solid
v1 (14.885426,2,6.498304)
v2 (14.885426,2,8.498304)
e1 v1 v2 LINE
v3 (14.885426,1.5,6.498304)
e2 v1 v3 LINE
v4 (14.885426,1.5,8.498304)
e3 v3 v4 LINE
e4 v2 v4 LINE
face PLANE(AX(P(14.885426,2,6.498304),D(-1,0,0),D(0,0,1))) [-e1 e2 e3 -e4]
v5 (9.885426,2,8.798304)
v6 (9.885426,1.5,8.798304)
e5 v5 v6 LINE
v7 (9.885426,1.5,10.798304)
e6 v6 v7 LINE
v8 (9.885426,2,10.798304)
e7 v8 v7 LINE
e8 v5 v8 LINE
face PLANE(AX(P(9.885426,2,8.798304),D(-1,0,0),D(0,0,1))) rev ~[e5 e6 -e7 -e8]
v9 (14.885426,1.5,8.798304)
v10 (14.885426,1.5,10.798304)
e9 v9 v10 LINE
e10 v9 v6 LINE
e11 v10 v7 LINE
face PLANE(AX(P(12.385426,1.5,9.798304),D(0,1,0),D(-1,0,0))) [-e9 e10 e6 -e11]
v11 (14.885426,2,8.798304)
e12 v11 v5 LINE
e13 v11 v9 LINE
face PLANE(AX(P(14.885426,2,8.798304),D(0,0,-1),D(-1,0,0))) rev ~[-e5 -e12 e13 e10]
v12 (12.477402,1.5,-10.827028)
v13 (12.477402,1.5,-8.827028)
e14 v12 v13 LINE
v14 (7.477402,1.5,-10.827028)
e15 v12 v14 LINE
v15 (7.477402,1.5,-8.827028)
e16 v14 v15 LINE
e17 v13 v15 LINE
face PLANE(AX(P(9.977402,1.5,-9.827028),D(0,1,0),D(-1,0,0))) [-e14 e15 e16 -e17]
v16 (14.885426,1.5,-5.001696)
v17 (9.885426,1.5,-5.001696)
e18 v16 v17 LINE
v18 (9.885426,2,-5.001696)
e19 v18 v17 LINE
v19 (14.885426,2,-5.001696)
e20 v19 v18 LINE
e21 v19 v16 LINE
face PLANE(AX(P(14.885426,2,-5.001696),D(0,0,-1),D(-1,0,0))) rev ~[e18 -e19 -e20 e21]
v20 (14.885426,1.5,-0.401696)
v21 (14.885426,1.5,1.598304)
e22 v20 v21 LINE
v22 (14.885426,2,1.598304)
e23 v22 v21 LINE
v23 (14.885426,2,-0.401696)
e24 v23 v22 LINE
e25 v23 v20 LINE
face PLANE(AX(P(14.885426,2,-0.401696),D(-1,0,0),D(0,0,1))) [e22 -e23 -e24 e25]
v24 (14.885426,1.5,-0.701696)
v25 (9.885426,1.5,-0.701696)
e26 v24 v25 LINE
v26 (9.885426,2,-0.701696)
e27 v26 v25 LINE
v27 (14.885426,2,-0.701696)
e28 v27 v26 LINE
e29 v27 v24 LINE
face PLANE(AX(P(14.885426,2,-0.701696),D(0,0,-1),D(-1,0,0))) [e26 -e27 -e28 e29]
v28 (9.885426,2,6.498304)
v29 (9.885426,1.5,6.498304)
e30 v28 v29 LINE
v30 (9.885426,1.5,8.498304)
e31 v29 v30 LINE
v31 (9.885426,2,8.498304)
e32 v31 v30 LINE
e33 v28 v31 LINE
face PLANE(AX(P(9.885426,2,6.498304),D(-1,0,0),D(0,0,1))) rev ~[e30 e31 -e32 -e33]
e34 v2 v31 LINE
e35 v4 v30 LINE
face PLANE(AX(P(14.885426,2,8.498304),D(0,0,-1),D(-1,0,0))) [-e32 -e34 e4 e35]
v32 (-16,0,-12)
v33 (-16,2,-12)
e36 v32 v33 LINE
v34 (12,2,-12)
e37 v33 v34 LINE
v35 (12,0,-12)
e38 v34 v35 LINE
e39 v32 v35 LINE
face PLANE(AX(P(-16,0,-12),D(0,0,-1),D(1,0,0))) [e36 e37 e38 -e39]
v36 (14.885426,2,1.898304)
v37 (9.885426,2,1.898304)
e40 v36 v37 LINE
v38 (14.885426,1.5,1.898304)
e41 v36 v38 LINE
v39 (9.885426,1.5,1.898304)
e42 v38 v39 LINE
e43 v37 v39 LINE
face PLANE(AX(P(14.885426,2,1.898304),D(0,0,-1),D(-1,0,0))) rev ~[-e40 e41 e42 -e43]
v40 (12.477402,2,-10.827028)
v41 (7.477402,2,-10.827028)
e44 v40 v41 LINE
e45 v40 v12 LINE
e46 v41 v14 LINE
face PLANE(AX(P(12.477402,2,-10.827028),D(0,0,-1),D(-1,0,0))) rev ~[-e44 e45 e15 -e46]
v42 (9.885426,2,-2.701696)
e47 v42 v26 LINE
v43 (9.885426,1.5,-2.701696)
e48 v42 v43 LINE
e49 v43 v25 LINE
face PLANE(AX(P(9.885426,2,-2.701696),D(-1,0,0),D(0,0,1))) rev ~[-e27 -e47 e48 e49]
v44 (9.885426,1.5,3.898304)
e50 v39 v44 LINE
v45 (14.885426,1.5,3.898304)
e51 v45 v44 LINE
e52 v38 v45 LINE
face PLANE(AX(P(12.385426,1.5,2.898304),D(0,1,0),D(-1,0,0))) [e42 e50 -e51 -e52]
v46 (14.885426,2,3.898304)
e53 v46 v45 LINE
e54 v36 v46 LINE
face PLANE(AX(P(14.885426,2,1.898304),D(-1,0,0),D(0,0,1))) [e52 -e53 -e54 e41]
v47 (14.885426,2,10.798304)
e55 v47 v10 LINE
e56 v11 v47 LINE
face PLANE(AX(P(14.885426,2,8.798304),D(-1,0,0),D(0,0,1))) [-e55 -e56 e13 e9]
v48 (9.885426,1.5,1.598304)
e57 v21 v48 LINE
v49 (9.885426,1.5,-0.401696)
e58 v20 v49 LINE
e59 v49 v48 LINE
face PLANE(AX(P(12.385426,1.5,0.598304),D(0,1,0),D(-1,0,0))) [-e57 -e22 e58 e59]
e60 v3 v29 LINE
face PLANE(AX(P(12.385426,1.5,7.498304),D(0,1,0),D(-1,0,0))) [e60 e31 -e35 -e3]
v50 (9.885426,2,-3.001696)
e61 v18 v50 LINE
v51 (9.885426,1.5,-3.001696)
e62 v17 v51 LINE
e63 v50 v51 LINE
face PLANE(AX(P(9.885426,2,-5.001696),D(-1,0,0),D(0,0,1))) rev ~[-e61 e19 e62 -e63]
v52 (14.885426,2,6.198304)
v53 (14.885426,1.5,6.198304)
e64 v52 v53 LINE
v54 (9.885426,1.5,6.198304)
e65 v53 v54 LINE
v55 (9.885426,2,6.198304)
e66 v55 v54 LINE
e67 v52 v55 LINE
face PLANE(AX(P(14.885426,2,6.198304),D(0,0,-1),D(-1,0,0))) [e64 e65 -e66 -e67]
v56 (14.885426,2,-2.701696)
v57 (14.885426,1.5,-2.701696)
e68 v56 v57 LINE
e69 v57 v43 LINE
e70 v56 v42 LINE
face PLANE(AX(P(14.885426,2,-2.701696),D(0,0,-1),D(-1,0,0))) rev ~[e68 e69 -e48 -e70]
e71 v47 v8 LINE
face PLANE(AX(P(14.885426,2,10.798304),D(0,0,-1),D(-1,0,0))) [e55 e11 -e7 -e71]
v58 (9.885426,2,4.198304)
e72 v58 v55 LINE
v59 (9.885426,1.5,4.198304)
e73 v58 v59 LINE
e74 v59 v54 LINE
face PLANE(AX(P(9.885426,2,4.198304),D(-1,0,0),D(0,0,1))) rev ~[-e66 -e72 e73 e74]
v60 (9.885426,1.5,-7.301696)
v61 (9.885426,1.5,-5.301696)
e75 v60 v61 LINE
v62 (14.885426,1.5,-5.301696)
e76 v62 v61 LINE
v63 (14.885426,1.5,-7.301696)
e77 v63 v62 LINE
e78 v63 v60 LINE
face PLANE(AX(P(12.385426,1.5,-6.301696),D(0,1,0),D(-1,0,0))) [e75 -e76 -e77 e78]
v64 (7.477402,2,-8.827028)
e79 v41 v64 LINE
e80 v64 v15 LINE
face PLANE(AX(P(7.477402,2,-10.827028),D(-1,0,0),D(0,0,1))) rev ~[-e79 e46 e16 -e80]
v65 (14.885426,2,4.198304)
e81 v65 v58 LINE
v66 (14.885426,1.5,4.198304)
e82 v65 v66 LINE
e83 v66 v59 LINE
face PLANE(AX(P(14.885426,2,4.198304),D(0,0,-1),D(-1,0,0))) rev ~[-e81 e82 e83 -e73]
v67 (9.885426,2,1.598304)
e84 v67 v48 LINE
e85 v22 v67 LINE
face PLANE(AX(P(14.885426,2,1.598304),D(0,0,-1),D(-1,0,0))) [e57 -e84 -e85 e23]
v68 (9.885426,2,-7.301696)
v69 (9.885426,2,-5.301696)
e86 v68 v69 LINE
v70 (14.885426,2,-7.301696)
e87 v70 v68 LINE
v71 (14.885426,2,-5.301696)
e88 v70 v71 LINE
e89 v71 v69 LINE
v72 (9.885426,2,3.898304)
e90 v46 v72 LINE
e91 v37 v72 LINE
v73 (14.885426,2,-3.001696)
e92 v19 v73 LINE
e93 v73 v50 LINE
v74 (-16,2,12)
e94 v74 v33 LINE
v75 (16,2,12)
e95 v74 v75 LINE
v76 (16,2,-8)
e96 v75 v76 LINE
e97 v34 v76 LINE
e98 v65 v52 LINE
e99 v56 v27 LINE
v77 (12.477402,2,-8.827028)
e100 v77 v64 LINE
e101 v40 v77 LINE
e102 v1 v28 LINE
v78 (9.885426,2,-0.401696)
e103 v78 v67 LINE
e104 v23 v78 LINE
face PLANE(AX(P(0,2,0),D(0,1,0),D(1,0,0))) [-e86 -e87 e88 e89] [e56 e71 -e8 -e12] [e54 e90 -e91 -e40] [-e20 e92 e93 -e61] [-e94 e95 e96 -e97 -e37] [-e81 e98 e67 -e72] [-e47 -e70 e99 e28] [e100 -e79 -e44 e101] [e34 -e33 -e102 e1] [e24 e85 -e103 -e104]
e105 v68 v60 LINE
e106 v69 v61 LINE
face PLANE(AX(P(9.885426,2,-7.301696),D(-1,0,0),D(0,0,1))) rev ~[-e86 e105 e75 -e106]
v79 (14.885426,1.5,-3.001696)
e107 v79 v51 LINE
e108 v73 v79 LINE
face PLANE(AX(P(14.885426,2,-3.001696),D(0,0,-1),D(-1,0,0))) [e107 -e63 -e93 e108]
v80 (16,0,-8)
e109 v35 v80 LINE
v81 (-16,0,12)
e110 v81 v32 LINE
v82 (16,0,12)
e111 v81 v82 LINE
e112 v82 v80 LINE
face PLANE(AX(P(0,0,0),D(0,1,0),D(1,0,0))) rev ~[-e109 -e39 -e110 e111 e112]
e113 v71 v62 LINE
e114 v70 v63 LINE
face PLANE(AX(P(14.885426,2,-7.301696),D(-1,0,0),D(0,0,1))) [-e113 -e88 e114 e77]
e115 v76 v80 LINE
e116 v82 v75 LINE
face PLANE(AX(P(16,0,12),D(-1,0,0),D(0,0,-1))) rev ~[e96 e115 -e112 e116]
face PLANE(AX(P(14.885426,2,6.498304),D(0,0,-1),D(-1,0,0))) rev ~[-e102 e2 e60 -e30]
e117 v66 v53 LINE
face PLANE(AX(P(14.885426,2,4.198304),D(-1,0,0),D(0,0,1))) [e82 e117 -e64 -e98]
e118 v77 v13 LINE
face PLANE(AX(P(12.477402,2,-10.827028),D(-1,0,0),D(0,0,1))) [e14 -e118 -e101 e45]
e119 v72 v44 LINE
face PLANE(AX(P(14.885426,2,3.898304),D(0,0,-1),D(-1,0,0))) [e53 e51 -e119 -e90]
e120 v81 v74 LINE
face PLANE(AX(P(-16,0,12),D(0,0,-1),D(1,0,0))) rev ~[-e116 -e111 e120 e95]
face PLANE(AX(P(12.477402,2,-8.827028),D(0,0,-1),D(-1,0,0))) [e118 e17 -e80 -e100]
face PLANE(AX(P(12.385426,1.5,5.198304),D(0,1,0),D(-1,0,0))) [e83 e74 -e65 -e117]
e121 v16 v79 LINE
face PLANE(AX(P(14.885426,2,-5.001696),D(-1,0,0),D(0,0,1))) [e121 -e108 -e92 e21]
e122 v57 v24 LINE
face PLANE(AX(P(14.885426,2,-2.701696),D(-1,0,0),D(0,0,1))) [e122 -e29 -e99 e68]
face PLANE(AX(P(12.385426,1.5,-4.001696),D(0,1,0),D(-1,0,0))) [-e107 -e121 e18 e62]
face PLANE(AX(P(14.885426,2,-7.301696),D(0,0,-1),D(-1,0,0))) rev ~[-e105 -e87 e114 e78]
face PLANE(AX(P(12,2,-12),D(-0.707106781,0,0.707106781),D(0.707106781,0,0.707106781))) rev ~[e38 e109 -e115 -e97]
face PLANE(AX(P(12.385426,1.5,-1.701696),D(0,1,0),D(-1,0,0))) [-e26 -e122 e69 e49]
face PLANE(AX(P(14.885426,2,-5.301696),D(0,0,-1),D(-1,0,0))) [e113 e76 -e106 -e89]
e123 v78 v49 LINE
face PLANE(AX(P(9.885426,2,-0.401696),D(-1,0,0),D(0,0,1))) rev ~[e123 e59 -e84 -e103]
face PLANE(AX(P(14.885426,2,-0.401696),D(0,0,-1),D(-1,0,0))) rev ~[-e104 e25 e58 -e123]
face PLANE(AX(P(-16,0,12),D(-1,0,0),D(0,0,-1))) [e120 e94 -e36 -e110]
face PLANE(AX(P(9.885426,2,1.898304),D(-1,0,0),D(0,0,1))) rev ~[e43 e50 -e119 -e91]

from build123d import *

# Parameters (mm, degrees)
SKETCH_1_W          = 32
SKETCH_1_H          = 24
EXTRUDE_1_DEPTH     = 2
CUT_EXTRUDE_1_DEPTH = 2
SKETCH_3_W          = 5
SKETCH_3_H          = 2
CUT_EXTRUDE_2_DEPTH = 0.5


with BuildPart() as part:
    # 草图1 → 拉伸1 (new body)
    with BuildSketch(Plane(origin=(0, 0, 0), x_dir=(1, 0, 0), z_dir=(0, 1, 0))):
        Rectangle(SKETCH_1_W, SKETCH_1_H)
    extrude(amount=EXTRUDE_1_DEPTH)

    # 草图2 → 切除-拉伸1 (cut)
    with BuildSketch(Plane(origin=(0, 2, 0), x_dir=(-1, 0, 0), z_dir=(0, 1, 0))):
        Polygon((-16, -12), (-12, -12), (-16, -8), align=None)
    extrude(amount=-CUT_EXTRUDE_1_DEPTH, mode=Mode.SUBTRACT)

    # 草图3 → 切除-拉伸2 (cut)
    with BuildSketch(Plane(origin=(0, 2, 0), x_dir=(-1, 0, 0), z_dir=(0, 1, 0))):
        with Locations((-12.385426295, 7.498304406)):
            Rectangle(SKETCH_3_W, SKETCH_3_H)
        with Locations((-12.385426295, 9.798304406)):
            Rectangle(SKETCH_3_W, SKETCH_3_H)
        with Locations((-12.385426295, 5.198304406)):
            Rectangle(SKETCH_3_W, SKETCH_3_H)
        with Locations((-12.385426295, 2.898304406)):
            Rectangle(SKETCH_3_W, SKETCH_3_H)
        with Locations((-12.385426295, 0.598304406)):
            Rectangle(SKETCH_3_W, SKETCH_3_H)
        with Locations((-12.385426295, -1.701695594)):
            Rectangle(SKETCH_3_W, SKETCH_3_H)
        with Locations((-12.385426295, -4.001695594)):
            Rectangle(SKETCH_3_W, SKETCH_3_H)
        with Locations((-12.385426295, -6.301695594)):
            Rectangle(SKETCH_3_W, SKETCH_3_H)
        with Locations((-9.977401753, -9.827028282)):
            Rectangle(SKETCH_3_W, SKETCH_3_H)
    extrude(amount=-CUT_EXTRUDE_2_DEPTH, mode=Mode.SUBTRACT)


solid = part.part
